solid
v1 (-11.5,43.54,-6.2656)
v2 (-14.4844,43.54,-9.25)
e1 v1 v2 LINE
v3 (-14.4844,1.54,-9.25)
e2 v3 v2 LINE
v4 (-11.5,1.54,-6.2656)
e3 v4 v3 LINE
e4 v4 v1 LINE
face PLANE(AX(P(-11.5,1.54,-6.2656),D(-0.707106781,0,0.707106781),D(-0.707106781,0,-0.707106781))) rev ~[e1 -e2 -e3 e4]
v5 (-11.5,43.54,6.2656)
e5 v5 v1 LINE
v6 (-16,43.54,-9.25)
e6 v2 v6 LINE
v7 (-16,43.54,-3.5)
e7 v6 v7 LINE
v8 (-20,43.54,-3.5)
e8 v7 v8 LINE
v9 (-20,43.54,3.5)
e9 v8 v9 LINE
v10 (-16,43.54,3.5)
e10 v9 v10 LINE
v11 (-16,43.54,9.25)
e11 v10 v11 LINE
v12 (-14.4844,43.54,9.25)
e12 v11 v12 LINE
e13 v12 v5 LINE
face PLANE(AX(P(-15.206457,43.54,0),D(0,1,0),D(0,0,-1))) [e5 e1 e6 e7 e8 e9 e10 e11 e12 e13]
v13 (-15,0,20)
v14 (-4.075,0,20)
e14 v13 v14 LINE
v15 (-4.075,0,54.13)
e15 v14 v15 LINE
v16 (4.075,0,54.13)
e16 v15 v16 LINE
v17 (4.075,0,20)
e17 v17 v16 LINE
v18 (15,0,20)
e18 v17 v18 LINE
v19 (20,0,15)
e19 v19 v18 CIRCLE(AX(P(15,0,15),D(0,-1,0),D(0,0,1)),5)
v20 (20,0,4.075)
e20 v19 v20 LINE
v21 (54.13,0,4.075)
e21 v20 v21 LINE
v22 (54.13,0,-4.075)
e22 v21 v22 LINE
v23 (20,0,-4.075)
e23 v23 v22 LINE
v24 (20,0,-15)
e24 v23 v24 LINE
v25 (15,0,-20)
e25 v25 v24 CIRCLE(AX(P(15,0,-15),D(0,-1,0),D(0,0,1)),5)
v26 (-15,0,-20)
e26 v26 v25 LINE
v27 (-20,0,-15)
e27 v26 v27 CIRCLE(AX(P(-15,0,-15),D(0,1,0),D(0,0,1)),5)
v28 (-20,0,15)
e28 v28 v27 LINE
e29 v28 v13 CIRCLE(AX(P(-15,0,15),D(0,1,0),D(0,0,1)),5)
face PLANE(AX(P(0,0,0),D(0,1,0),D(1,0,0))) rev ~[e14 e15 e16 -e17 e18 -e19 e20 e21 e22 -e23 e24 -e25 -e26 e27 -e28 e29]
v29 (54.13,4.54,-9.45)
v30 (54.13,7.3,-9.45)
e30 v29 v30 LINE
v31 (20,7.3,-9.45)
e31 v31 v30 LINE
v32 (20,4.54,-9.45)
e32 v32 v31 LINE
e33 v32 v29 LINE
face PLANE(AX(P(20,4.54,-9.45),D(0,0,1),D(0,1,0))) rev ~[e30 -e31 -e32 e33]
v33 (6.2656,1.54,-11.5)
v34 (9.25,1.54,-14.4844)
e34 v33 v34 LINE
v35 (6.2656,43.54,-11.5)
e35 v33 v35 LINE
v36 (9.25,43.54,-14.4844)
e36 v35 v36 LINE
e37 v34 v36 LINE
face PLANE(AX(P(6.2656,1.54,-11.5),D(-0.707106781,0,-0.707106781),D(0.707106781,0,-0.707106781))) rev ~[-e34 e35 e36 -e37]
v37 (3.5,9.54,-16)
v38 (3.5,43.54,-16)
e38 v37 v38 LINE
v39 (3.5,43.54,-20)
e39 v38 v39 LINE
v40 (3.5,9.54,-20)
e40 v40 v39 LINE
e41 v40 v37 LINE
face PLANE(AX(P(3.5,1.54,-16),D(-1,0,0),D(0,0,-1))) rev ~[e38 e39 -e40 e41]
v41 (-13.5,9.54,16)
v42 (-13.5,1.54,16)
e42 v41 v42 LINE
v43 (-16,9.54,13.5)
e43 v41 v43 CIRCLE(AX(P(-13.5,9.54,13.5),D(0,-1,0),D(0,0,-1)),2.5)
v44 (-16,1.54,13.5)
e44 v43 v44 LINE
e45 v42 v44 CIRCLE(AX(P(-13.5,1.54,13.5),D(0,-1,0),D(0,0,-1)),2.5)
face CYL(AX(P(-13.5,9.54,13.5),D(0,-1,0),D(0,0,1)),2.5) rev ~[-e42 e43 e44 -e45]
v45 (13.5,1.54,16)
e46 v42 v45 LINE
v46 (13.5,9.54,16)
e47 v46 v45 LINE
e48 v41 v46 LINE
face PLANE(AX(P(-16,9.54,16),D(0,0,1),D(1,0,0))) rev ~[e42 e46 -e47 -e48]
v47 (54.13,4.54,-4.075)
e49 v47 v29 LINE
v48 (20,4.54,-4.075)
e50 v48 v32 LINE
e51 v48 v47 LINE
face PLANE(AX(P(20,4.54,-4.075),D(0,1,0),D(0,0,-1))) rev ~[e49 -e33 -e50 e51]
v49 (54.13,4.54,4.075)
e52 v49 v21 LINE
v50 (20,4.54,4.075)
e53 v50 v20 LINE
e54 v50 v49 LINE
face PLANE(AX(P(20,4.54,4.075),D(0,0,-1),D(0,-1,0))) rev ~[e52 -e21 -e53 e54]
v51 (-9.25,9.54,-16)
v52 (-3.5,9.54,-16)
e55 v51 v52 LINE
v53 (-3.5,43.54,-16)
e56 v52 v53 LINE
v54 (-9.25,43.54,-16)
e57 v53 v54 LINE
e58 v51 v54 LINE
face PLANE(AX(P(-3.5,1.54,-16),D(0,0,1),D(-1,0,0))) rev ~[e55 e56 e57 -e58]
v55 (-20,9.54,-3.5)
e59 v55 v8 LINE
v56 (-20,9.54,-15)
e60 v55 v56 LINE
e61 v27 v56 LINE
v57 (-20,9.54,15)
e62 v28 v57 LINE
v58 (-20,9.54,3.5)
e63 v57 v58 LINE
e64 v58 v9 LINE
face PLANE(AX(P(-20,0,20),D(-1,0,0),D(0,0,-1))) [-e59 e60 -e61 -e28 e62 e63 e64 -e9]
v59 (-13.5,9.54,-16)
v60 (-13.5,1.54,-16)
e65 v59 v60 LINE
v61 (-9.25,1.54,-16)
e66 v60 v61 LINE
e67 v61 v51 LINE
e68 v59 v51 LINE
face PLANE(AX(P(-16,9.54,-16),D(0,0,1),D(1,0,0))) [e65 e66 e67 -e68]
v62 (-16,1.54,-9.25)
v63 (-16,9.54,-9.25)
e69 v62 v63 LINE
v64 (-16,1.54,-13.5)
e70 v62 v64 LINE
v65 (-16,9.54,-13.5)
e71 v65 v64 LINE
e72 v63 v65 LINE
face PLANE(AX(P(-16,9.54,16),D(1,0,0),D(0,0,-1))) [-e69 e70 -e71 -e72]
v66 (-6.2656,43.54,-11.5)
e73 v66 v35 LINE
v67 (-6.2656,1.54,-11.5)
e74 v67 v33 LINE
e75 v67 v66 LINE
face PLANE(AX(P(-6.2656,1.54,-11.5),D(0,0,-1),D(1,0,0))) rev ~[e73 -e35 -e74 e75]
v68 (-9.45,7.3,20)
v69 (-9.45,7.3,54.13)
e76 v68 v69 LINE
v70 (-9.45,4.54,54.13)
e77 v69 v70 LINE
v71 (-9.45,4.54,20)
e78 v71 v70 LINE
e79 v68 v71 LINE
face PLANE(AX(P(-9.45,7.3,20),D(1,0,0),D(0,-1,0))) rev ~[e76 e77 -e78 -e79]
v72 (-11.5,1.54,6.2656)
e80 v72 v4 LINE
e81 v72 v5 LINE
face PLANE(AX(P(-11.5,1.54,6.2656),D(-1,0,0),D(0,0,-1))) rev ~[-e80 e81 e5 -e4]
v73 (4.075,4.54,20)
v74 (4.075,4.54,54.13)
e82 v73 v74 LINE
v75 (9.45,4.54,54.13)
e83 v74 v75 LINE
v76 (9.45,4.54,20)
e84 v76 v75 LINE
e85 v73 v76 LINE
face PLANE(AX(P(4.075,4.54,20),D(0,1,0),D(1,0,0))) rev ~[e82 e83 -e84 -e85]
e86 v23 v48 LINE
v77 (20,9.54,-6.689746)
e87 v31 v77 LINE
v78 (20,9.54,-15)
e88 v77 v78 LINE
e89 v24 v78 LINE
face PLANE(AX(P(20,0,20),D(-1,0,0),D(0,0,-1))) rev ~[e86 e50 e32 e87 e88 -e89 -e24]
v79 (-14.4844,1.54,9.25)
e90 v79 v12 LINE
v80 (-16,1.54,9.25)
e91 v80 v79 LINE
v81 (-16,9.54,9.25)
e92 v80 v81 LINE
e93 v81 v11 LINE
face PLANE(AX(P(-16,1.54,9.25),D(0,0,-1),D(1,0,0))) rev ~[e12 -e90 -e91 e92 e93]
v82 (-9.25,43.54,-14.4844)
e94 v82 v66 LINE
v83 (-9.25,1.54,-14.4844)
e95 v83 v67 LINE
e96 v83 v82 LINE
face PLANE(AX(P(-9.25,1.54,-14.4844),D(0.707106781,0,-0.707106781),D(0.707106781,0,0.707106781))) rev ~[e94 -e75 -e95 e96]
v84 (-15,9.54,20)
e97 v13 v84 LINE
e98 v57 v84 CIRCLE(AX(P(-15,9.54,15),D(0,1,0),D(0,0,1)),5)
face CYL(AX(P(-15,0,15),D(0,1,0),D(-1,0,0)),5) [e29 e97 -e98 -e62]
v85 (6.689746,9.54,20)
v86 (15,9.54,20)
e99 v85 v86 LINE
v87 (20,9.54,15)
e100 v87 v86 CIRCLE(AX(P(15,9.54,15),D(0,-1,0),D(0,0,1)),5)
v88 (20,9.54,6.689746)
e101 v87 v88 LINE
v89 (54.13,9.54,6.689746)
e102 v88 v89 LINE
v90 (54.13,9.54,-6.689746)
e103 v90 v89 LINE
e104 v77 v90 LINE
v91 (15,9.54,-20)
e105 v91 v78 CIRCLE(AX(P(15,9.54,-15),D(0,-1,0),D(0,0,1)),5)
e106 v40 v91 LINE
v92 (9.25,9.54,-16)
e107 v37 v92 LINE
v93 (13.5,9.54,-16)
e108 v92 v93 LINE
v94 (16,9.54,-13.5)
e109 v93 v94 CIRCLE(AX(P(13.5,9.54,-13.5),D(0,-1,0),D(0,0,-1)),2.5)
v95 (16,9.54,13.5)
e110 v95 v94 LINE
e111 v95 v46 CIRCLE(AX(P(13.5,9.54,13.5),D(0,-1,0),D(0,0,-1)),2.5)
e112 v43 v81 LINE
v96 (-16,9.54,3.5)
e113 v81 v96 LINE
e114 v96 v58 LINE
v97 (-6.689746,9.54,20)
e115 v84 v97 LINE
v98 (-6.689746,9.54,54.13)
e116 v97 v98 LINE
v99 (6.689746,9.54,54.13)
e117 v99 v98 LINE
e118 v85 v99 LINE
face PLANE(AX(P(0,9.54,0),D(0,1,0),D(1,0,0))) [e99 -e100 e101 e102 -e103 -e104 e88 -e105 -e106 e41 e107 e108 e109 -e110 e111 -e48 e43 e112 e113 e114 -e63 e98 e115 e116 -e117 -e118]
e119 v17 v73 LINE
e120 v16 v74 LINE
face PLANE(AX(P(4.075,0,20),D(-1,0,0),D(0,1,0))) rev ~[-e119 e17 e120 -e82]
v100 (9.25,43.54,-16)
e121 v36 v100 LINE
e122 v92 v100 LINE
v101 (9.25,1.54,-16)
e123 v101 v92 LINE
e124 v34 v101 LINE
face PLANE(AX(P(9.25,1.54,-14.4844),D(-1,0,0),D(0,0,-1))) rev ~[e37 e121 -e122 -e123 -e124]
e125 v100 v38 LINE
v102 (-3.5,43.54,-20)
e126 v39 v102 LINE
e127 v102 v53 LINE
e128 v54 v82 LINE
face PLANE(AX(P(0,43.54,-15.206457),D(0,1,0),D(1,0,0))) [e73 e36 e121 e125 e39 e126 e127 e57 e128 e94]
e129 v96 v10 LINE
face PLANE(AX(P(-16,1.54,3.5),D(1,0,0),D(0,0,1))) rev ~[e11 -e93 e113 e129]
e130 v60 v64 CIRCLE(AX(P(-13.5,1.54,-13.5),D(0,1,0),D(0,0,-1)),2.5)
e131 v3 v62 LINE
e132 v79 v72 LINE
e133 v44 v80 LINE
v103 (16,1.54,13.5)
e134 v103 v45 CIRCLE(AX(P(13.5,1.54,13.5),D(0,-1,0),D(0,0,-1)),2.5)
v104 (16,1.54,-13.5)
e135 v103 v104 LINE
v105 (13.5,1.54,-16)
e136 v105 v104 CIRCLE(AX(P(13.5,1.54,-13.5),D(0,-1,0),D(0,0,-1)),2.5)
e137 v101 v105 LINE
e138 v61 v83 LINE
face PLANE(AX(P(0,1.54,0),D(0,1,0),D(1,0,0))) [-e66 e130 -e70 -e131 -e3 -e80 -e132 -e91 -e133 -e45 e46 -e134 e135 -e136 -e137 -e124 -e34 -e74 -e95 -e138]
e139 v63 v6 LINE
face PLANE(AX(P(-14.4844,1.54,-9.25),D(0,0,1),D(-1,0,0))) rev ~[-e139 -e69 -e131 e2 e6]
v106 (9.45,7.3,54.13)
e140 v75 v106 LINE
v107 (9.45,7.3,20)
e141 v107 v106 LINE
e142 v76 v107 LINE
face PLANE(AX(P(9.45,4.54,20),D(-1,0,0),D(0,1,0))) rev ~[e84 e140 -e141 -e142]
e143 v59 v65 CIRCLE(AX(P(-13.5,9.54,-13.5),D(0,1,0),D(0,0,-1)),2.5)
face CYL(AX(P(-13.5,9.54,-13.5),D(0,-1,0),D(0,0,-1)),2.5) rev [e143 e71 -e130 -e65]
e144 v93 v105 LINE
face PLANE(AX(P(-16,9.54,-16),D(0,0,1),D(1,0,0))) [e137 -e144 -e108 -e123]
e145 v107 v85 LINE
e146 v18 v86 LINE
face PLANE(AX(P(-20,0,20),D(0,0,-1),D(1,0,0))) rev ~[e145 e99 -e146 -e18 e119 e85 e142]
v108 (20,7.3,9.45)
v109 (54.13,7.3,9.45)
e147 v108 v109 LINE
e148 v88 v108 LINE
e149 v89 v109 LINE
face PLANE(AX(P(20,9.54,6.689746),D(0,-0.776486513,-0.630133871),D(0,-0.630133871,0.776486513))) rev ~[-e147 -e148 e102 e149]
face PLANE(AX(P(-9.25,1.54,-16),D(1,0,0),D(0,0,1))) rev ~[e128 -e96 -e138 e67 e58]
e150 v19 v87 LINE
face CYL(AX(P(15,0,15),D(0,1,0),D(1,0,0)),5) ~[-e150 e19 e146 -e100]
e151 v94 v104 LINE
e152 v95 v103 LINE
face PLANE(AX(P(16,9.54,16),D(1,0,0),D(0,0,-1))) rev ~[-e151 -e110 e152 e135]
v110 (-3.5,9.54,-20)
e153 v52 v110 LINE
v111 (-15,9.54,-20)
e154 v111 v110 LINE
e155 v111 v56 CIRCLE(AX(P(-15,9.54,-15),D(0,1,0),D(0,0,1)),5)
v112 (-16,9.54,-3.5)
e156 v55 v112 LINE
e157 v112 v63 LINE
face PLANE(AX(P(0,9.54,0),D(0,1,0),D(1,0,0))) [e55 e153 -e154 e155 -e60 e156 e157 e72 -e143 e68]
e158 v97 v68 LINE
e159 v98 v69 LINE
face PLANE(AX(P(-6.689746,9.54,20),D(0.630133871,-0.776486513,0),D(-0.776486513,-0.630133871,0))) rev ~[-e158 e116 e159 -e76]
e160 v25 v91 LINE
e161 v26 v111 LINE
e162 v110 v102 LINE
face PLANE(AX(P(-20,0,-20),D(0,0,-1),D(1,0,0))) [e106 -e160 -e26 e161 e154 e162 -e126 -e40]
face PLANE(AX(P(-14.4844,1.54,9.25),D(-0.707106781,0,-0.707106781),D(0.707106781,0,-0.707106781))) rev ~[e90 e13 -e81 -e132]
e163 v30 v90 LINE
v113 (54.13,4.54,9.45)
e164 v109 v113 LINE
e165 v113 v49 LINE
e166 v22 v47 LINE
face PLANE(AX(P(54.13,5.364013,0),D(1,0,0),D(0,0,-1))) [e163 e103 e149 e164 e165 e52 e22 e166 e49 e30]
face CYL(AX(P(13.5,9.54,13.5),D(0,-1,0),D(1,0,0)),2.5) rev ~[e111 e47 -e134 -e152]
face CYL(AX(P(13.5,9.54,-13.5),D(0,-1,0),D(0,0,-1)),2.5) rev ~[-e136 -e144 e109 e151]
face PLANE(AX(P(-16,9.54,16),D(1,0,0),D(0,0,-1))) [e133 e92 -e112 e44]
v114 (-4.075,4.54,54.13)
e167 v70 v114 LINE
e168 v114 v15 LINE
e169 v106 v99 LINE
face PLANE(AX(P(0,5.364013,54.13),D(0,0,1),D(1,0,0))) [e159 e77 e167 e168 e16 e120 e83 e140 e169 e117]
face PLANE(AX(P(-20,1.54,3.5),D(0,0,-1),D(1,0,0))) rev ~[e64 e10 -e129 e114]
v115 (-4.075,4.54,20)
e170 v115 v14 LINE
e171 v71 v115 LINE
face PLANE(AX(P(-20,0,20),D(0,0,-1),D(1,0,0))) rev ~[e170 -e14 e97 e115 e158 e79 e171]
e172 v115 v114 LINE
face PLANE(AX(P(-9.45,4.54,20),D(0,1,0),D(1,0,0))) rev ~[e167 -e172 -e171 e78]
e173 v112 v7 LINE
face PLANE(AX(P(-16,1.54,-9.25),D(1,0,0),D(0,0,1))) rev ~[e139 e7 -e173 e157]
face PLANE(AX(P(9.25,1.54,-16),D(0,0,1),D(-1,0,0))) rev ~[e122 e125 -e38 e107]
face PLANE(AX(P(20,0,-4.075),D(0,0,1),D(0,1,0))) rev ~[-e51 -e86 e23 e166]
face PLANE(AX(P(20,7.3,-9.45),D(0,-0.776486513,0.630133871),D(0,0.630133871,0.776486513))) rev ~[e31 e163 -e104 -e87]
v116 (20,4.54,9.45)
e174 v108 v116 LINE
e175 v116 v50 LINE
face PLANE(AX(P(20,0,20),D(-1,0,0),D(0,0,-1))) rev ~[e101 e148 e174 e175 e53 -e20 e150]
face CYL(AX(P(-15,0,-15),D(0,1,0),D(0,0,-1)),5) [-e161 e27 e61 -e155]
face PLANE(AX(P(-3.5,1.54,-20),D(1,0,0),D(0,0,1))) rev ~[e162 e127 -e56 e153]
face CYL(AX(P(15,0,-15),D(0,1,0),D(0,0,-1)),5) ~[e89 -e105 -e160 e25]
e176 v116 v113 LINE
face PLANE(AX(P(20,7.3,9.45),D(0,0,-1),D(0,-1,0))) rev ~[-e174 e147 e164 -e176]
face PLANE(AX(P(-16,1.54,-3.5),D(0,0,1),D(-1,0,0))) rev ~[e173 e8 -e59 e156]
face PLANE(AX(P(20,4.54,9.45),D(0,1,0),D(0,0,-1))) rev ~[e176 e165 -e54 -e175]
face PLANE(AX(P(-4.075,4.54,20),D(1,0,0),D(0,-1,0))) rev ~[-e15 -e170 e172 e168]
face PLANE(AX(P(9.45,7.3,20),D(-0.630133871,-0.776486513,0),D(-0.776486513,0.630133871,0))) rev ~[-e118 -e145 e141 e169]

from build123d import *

# Parameters (mm, degrees)
SKETCH1_W           = 40
SKETCH1_H           = 40
BOSS_EXTRUDE2_DEPTH = 9.54
SKETCH2_W           = 32
SKETCH2_H           = 32
CUT_EXTRUDE1_DEPTH  = 8
BOSS_EXTRUDE3_DEPTH = 42
CIRPATTERN1_COUNT   = 2
CIRPATTERN1_ANGLE   = 90
BOSS_EXTRUDE4_DEPTH = 34.13
CIRPATTERN2_COUNT   = 2
CIRPATTERN2_ANGLE   = 90
FILLET1_R           = 2.5
FILLET2_R           = 5


with BuildPart() as part:
    # Sketch1 → Boss-Extrude2 (new body)
    with BuildSketch(Plane(origin=(0, 0, 0), x_dir=(1, 0, 0), z_dir=(0, 1, 0))):
        Rectangle(SKETCH1_W, SKETCH1_H)
    extrude(amount=BOSS_EXTRUDE2_DEPTH)

    # Sketch2 → Cut-Extrude1 (cut)
    with BuildSketch(Plane(origin=(0, 9.54, 0), x_dir=(1, 0, 0), z_dir=(0, 1, 0))):
        Rectangle(SKETCH2_W, SKETCH2_H)
    extrude(amount=-CUT_EXTRUDE1_DEPTH, mode=Mode.SUBTRACT)

    # Sketch3 → Boss-Extrude3 (add)
    with BuildSketch(Plane(origin=(0, 1.54, 0), x_dir=(1, 0, 0), z_dir=(0, 1, 0))):
        Polygon((3.5, 20), (-3.5, 20), (-3.5, 16), (-9.25, 16), (-9.25, 14.4844), (-6.2656, 11.5), (6.2656, 11.5), (9.25, 14.4844), (9.25, 16), (3.5, 16), align=None)
    boss_extrude3 = extrude(amount=BOSS_EXTRUDE3_DEPTH)

    # CirPattern1: Boss-Extrude3 ×2 about axis
    cirpattern1_axis = Axis((0, 0, 0), (0, 1, 0))
    for i in range(1, CIRPATTERN1_COUNT):
        add(boss_extrude3.rotate(cirpattern1_axis, i * CIRPATTERN1_ANGLE / (CIRPATTERN1_COUNT - 1)))

    # Sketch4 → Boss-Extrude4 (add)
    with BuildSketch(Plane.XY.offset(20)):
        Polygon((-4.075, 0), (4.075, 0), (4.075, 4.54), (9.45, 4.54), (9.45, 7.3), (6.689745603, 9.54), (-6.689745603, 9.54), (-9.45, 7.3), (-9.45, 4.54), (-4.075, 4.54), align=None)
    boss_extrude4 = extrude(amount=BOSS_EXTRUDE4_DEPTH)

    # CirPattern2: Boss-Extrude4 ×2 about axis
    cirpattern2_axis = Axis((0, 0, 0), (0, 1, 0))
    for i in range(1, CIRPATTERN2_COUNT):
        add(boss_extrude4.rotate(cirpattern2_axis, i * CIRPATTERN2_ANGLE / (CIRPATTERN2_COUNT - 1)))

    # Fillet1
    fillet1_edges = [part.edges().sort_by_distance(p)[0] for p in [
        (16, 5.54, -16),
        (16, 5.54, 16),
        (-16, 5.54, 16),
        (-16, 5.54, -16),
    ]]
    fillet(fillet1_edges, radius=FILLET1_R)

    # Fillet2
    fillet2_edges = [part.edges().sort_by_distance(p)[0] for p in [
        (20, 4.77, 20),
        (-20, 4.77, 20),
        (-20, 4.77, -20),
        (20, 4.77, -20),
    ]]
    fillet(fillet2_edges, radius=FILLET2_R)


solid = part.part
